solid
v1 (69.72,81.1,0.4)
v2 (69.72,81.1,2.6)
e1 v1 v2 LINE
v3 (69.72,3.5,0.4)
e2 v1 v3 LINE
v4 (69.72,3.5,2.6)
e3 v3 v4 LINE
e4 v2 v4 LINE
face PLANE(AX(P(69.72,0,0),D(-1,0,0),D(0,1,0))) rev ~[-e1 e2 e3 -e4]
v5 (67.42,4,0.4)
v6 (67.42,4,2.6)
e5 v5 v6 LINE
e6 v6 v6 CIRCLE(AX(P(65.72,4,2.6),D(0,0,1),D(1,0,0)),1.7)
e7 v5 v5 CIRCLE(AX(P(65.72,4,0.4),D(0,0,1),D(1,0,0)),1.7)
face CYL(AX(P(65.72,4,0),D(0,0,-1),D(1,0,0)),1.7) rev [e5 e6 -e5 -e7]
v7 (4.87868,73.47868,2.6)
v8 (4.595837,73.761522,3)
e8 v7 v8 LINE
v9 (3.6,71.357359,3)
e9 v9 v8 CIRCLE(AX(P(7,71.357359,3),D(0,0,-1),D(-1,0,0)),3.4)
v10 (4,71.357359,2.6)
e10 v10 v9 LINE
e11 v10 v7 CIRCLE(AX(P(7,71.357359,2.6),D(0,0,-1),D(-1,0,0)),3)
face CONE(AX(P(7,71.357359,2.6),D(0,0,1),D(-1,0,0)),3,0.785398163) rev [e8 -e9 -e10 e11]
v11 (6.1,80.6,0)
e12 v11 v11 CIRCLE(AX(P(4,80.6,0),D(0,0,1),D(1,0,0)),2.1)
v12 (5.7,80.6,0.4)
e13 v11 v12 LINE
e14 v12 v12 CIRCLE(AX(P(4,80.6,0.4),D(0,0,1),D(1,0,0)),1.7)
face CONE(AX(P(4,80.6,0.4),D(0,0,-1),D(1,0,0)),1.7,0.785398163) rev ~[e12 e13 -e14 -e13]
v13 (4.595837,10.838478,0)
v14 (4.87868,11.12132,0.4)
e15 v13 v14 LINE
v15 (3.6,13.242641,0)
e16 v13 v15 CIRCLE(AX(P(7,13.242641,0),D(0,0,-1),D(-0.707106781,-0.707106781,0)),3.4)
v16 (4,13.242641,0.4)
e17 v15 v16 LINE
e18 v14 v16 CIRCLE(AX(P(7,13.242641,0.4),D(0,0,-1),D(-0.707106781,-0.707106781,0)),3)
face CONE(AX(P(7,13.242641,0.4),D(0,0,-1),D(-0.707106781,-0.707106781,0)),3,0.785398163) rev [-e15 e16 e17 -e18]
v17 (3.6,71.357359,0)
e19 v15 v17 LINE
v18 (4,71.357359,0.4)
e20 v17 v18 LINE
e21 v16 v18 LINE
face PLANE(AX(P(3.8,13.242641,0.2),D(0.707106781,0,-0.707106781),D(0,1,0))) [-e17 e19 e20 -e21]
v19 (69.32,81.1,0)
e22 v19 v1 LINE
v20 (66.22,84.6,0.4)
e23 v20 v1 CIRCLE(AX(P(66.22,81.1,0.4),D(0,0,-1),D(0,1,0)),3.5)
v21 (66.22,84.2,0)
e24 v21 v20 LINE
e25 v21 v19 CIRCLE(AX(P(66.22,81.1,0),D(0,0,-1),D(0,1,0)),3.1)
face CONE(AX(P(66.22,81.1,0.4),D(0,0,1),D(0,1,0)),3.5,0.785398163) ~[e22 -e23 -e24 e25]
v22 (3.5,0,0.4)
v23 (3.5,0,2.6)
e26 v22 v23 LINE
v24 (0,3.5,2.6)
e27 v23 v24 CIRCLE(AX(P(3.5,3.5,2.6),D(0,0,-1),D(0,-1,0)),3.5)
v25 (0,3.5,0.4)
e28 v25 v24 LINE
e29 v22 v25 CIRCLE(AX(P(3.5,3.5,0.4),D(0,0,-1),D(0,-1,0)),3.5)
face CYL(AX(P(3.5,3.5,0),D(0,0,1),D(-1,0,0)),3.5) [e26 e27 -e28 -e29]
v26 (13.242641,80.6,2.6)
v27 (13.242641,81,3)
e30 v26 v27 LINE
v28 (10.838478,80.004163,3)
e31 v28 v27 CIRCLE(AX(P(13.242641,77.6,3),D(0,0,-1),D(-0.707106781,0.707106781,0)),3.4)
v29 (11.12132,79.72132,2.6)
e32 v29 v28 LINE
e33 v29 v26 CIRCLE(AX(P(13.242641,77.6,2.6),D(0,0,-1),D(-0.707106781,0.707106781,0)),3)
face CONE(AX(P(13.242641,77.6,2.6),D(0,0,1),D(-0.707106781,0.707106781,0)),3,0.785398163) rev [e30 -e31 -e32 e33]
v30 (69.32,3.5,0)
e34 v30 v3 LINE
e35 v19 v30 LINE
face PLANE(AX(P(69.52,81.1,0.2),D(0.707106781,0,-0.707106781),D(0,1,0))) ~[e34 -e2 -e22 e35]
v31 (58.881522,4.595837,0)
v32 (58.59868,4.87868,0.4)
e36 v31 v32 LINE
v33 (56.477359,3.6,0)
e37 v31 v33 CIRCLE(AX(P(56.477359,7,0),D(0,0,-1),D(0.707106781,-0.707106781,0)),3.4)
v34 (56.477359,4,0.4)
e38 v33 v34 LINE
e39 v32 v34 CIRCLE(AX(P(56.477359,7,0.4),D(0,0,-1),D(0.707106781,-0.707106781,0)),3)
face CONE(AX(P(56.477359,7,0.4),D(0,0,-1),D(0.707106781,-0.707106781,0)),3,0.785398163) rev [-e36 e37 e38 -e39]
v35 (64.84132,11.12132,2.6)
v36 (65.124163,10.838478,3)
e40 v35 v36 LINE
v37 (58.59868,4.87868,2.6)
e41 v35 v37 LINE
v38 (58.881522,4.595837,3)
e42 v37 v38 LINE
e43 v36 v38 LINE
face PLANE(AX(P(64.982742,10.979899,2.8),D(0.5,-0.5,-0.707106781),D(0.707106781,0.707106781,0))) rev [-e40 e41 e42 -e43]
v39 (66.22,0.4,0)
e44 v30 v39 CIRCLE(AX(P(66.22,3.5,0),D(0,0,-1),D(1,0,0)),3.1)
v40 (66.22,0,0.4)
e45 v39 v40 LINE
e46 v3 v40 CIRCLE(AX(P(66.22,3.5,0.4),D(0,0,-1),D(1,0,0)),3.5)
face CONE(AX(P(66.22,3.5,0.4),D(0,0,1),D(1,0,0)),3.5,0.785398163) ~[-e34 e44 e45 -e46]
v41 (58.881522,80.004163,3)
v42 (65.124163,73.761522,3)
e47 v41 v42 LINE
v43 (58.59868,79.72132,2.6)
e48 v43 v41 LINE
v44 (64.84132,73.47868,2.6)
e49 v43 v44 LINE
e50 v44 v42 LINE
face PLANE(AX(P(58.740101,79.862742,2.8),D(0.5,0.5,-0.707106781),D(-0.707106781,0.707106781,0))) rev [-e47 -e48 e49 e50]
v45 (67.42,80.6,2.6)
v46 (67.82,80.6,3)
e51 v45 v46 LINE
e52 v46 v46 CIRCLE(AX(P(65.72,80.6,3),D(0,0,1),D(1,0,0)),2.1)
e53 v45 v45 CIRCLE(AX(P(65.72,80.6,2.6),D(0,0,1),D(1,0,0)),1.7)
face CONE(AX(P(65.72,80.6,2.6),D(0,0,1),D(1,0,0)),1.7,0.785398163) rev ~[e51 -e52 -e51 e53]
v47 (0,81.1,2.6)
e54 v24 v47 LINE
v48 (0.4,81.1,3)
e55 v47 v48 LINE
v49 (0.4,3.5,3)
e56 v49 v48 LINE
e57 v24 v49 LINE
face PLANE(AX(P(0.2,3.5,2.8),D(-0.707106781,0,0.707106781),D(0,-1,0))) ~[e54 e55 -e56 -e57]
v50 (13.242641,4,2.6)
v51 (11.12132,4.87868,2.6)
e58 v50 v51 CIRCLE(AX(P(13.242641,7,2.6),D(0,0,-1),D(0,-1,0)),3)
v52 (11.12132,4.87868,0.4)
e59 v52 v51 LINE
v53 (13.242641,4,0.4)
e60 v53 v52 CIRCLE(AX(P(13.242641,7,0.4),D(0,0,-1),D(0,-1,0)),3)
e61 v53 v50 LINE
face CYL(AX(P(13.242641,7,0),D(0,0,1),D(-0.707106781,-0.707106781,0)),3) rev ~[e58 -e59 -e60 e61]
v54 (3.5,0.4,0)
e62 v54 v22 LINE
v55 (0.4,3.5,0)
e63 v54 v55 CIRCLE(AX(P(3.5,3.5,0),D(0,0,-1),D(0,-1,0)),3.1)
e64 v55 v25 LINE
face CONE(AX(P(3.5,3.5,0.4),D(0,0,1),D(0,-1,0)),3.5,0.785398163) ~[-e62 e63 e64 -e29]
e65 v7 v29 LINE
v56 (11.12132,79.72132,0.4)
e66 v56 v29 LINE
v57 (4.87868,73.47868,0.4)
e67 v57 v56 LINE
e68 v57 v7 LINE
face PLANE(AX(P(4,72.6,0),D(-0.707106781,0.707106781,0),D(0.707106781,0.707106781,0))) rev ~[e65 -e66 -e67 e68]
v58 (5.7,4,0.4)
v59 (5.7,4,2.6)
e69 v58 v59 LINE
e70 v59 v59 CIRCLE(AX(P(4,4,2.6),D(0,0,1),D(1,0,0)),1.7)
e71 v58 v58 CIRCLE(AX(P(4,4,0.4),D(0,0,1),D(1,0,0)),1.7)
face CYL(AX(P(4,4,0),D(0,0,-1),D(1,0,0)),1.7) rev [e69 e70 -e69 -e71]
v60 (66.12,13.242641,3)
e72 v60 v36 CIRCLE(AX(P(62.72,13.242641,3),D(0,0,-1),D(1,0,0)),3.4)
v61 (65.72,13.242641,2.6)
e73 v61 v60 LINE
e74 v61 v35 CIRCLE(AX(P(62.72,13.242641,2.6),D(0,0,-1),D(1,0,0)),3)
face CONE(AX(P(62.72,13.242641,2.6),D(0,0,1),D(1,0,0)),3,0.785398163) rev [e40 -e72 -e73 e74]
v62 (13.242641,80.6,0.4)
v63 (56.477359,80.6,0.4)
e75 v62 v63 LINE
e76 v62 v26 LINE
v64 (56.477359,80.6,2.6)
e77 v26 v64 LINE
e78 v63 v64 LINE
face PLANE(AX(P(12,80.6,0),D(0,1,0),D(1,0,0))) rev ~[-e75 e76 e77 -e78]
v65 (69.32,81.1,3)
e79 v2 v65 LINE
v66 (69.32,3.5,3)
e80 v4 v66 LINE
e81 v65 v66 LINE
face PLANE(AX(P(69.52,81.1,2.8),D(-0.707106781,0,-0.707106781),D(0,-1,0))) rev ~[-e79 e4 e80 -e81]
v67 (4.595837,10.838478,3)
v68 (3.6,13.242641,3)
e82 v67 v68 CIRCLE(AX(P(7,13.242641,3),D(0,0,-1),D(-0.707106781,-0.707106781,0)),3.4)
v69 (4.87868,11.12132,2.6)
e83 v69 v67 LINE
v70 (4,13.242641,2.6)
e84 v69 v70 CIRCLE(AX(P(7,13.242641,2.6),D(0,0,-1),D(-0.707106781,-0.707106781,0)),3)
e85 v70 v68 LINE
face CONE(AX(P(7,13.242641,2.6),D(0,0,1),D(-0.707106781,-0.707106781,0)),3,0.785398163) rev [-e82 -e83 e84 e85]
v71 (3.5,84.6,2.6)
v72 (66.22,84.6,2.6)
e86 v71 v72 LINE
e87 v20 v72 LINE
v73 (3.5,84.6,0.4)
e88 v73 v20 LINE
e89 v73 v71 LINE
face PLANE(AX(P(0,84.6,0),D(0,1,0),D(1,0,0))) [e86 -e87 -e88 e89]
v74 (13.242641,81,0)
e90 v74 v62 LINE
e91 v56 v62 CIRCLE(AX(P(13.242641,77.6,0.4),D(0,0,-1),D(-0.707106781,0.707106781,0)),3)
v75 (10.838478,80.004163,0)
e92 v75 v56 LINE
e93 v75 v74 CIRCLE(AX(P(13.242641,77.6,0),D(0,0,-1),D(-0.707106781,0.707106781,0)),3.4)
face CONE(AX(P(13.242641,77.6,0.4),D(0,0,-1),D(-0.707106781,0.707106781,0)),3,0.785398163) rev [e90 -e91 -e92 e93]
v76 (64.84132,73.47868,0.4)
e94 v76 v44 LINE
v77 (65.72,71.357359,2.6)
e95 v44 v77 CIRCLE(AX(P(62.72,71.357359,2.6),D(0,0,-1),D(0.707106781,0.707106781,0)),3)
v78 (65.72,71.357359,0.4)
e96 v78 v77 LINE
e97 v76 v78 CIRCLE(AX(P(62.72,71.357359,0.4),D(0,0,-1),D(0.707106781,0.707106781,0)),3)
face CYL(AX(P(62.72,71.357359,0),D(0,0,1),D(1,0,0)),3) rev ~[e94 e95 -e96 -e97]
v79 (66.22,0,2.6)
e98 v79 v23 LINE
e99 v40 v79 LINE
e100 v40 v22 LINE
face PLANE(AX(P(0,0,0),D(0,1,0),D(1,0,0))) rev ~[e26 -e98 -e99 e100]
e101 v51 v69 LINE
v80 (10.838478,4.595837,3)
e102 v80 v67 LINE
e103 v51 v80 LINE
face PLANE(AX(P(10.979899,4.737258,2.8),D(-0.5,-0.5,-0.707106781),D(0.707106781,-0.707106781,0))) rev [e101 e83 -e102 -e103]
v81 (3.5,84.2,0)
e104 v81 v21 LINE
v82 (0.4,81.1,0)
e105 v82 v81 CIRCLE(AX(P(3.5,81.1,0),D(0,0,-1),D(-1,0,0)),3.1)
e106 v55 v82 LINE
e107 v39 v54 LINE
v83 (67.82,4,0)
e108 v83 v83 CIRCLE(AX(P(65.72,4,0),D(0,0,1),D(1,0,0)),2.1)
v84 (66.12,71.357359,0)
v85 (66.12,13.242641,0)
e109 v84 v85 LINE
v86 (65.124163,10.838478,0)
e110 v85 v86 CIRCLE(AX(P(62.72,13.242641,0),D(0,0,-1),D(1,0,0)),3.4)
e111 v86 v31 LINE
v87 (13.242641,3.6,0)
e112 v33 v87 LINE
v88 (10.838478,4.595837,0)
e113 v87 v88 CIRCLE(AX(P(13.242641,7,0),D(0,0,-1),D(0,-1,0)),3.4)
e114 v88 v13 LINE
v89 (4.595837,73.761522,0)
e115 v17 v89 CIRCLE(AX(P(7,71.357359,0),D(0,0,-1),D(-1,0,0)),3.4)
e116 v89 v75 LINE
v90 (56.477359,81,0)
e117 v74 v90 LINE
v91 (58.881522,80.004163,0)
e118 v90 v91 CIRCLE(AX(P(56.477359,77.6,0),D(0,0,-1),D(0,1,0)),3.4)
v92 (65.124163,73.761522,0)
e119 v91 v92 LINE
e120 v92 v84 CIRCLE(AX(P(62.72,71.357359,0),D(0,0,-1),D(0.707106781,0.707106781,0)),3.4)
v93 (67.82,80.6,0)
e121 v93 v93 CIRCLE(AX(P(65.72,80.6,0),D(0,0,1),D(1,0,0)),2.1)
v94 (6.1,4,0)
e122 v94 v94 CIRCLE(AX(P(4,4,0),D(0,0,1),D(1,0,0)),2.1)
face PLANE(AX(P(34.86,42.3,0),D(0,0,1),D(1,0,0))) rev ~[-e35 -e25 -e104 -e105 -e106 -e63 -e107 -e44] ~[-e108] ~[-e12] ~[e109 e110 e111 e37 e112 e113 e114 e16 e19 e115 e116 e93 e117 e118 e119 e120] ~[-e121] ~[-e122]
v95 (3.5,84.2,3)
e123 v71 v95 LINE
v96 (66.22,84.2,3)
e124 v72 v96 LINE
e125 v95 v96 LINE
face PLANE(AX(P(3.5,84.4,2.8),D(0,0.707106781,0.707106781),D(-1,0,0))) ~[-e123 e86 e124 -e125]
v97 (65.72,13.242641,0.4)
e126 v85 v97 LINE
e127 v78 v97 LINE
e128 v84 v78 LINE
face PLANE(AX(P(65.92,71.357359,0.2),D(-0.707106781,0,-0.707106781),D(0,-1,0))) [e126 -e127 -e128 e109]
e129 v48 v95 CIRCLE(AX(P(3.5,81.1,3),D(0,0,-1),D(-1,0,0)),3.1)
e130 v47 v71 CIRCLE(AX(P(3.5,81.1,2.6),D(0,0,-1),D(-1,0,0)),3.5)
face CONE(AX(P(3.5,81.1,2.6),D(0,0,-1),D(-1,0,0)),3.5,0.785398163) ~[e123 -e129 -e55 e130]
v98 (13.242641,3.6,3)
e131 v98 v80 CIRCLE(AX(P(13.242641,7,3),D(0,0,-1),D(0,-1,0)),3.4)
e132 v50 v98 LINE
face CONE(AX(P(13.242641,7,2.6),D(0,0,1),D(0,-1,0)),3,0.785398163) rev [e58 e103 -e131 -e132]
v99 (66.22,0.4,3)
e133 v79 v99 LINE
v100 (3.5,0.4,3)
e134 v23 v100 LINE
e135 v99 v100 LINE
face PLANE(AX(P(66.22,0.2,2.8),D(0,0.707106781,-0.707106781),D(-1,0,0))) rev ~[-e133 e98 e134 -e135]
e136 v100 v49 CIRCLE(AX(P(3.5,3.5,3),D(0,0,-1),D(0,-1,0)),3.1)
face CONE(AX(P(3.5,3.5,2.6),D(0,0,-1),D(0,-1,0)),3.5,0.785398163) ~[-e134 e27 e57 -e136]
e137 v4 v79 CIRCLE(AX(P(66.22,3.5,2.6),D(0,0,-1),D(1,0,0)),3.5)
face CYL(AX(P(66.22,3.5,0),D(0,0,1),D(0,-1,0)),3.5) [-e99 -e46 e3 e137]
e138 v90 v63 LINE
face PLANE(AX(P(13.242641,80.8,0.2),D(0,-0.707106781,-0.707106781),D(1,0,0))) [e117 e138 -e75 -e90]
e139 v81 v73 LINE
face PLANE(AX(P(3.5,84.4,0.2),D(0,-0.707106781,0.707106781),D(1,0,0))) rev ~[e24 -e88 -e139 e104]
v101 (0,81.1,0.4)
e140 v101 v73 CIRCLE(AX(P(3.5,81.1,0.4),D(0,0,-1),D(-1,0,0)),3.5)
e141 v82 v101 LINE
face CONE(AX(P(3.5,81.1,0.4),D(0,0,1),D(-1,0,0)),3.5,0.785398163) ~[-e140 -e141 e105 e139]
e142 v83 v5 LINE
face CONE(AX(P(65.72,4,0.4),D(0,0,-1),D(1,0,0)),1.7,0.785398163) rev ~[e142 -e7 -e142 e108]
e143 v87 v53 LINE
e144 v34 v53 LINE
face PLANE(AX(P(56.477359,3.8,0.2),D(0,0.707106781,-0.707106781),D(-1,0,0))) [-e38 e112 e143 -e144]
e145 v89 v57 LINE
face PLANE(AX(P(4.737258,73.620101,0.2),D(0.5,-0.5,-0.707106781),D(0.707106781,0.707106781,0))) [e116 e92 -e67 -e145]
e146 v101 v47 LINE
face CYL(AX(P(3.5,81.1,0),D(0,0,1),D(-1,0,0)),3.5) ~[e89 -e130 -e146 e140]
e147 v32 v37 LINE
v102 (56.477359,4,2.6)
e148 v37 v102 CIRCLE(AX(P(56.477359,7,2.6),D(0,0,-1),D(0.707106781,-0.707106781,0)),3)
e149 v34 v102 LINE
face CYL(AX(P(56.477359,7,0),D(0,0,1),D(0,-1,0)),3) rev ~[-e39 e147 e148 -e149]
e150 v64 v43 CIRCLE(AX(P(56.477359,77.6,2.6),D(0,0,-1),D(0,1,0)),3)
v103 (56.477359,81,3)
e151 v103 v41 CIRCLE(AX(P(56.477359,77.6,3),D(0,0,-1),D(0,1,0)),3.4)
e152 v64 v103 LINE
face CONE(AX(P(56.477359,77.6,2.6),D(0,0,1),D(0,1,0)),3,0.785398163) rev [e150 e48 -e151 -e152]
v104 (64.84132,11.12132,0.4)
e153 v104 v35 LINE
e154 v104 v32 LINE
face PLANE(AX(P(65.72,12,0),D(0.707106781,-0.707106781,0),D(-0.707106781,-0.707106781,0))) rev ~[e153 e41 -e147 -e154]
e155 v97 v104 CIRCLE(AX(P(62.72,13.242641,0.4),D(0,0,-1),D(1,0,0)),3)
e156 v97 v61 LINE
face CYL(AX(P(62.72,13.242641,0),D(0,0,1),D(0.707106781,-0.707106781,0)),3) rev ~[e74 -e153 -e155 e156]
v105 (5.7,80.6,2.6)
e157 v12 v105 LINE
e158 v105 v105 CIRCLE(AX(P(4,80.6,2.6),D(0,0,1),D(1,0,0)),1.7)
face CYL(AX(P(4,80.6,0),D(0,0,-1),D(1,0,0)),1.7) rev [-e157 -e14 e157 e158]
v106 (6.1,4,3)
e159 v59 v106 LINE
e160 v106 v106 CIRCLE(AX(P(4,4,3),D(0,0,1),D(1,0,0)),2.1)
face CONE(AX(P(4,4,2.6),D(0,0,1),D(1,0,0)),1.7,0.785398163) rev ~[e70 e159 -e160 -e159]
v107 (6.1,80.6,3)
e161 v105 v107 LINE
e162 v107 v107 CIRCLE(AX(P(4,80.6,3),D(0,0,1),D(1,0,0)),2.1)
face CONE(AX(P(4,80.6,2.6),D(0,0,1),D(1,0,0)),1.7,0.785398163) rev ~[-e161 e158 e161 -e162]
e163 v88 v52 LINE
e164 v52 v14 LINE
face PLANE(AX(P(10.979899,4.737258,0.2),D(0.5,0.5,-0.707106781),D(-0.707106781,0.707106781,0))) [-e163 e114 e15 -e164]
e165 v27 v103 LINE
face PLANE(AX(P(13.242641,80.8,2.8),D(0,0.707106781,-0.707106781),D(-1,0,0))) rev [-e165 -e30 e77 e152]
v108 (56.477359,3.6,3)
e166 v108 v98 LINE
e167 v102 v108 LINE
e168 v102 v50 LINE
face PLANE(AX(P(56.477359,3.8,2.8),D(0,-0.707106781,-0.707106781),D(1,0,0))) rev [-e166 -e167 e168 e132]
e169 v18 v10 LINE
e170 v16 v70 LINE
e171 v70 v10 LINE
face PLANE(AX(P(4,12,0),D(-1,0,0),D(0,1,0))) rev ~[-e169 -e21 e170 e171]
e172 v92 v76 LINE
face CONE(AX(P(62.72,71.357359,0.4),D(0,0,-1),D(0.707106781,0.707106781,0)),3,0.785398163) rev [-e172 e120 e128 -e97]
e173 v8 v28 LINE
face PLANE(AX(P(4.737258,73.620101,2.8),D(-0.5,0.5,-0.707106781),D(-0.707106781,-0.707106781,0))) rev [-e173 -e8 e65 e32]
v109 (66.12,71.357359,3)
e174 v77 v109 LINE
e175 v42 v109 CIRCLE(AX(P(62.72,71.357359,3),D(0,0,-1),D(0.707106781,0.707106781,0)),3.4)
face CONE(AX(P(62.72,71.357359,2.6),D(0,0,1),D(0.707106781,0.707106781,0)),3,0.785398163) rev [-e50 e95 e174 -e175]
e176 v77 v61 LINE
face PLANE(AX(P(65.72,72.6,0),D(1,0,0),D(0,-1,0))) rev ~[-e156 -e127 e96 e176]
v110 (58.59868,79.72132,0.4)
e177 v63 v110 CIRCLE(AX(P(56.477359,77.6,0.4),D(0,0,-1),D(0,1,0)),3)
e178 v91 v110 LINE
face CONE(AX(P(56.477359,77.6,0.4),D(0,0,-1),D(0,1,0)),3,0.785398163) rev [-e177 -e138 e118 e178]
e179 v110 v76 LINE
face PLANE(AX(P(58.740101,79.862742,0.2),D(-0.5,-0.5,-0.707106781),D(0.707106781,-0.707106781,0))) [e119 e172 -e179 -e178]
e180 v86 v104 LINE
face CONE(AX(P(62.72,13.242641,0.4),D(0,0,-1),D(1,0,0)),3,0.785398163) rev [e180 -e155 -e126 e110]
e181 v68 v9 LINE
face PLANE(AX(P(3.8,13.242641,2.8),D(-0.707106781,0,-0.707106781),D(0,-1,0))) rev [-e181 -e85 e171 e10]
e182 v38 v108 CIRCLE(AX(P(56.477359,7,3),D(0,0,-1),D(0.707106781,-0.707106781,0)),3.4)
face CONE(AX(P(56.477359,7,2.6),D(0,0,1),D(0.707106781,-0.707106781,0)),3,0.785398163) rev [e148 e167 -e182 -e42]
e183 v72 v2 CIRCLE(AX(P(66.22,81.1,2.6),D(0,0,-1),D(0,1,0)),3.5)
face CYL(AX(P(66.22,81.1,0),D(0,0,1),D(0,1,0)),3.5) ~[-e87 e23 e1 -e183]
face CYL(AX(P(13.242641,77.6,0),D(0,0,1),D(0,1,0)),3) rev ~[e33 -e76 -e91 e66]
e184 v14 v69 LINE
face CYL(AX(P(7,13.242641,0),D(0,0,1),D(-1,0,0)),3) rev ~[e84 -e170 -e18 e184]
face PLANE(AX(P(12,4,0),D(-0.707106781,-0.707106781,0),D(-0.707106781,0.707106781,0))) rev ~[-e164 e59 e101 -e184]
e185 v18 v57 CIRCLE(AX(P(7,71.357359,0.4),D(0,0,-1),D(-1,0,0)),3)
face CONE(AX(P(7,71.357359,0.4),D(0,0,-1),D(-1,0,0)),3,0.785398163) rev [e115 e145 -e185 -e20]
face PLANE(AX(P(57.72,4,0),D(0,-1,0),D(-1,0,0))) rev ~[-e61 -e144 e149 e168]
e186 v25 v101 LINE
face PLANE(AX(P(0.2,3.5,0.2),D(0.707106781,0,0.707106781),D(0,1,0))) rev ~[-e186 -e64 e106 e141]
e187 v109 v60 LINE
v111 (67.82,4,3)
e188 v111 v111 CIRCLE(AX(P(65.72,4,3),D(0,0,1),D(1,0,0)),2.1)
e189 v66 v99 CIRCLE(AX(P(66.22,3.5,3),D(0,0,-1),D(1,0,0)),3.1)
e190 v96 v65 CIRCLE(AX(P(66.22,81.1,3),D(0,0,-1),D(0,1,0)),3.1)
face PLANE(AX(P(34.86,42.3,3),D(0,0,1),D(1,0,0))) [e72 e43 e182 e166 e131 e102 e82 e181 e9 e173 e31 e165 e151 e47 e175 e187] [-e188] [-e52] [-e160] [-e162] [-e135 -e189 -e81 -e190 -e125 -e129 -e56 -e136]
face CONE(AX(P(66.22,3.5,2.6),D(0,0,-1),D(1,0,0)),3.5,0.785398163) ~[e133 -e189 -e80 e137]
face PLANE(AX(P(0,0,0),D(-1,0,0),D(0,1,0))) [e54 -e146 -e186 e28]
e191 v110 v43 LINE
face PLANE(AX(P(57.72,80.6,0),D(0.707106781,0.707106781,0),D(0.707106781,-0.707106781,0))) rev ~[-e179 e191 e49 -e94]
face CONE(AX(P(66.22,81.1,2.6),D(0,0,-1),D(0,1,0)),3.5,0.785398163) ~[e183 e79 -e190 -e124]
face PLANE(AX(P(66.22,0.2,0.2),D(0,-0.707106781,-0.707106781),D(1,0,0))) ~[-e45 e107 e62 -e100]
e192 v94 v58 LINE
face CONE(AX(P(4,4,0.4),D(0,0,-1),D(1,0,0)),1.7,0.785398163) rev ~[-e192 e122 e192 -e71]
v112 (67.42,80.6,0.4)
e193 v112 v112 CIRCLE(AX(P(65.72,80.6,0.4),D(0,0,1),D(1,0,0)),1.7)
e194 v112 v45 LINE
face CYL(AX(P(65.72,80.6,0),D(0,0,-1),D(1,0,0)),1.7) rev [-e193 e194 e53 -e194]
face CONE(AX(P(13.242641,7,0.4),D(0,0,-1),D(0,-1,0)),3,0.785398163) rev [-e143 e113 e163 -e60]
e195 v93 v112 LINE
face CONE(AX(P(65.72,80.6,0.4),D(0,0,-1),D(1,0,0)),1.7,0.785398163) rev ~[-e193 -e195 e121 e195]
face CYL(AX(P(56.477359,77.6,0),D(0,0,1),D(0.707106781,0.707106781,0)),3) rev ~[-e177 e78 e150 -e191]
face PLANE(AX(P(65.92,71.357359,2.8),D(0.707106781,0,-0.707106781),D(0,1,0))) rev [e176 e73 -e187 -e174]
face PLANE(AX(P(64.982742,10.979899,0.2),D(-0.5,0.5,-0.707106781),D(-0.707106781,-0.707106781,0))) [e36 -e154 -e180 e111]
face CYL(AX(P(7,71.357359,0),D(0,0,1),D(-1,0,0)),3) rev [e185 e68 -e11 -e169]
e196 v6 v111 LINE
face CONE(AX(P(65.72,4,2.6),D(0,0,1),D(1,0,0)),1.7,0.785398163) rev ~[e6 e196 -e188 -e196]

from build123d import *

# Parameters (mm, degrees)
SKETCH_W     = 69.72
SKETCH_H     = 84.6
SKETCH_R     = 1.7
PAD_DEPTH    = 3
FILLET_R     = 3.5
FILLET001_R  = 3
CHAMFER_SIZE = 0.4


with BuildPart() as part:
    # Sketch → Pad (new body)
    with BuildSketch(Plane.XY):
        with Locations((34.86, 42.3)):
            Rectangle(SKETCH_W, SKETCH_H)
        with Locations((4, 80.6)):
            Circle(SKETCH_R, mode=Mode.SUBTRACT)
        with Locations((65.72, 80.6)):
            Circle(SKETCH_R, mode=Mode.SUBTRACT)
        with Locations((4, 4)):
            Circle(SKETCH_R, mode=Mode.SUBTRACT)
        with Locations((65.72, 4)):
            Circle(SKETCH_R, mode=Mode.SUBTRACT)
        Polygon((4, 72.6), (12, 80.6), (57.72, 80.6), (65.72, 72.6), (65.72, 12), (57.72, 4), (12, 4), (4, 12), align=None, mode=Mode.SUBTRACT)
    extrude(amount=PAD_DEPTH)

    # Fillet
    fillet_edges = [part.edges().sort_by_distance(p)[0] for p in [
        (0, 0, 1.5),
        (69.72, 0, 1.5),
        (69.72, 84.6, 1.5),
        (0, 84.6, 1.5),
    ]]
    fillet(fillet_edges, radius=FILLET_R)

    # Fillet001
    fillet001_edges = [part.edges().sort_by_distance(p)[0] for p in [
        (4, 72.6, 1.5),
        (12, 80.6, 1.5),
        (57.72, 80.6, 1.5),
        (65.72, 72.6, 1.5),
        (12, 4, 1.5),
        (4, 12, 1.5),
        (65.72, 12, 1.5),
        (57.72, 4, 1.5),
    ]]
    fillet(fillet001_edges, radius=FILLET001_R)

    # Chamfer
    chamfer_edges = [part.edges().sort_by_distance(p)[0] for p in [
        (4, 42.3, 3),
        (4.228361, 12.09459, 3),
        (4.228361, 72.50541, 3),
        (8, 8, 3),
        (8, 76.6, 3),
        (12.09459, 4.228361, 3),
        (12.09459, 80.371639, 3),
        (34.86, 4, 3),
        (34.86, 80.6, 3),
        (57.62541, 4.228361, 3),
        (57.62541, 80.371639, 3),
        (61.72, 8, 3),
        (61.72, 76.6, 3),
        (65.491639, 12.09459, 3),
        (65.491639, 72.50541, 3),
        (65.72, 42.3, 3),
        (34.86, 84.6, 3),
        (1.025126, 83.574874, 3),
        (68.694874, 83.574874, 3),
        (0, 42.3, 3),
        (69.72, 42.3, 3),
        (1.025126, 1.025126, 3),
        (68.694874, 1.025126, 3),
        (34.86, 0, 3),
        (64.02, 80.6, 3),
        (64.02, 4, 3),
        (2.3, 80.6, 3),
        (2.3, 4, 3),
        (4, 42.3, 0),
        (4.228361, 12.09459, 0),
        (4.228361, 72.50541, 0),
        (8, 8, 0),
        (8, 76.6, 0),
        (12.09459, 4.228361, 0),
        (12.09459, 80.371639, 0),
        (34.86, 4, 0),
        (34.86, 80.6, 0),
        (57.62541, 4.228361, 0),
        (57.62541, 80.371639, 0),
        (61.72, 8, 0),
        (61.72, 76.6, 0),
        (65.491639, 12.09459, 0),
        (65.491639, 72.50541, 0),
        (65.72, 42.3, 0),
        (34.86, 84.6, 0),
        (1.025126, 83.574874, 0),
        (68.694874, 83.574874, 0),
        (0, 42.3, 0),
        (69.72, 42.3, 0),
        (1.025126, 1.025126, 0),
        (68.694874, 1.025126, 0),
        (34.86, 0, 0),
        (64.02, 80.6, 0),
        (64.02, 4, 0),
        (2.3, 80.6, 0),
        (2.3, 4, 0),
    ]]
    chamfer(chamfer_edges, length=CHAMFER_SIZE)


solid = part.part
